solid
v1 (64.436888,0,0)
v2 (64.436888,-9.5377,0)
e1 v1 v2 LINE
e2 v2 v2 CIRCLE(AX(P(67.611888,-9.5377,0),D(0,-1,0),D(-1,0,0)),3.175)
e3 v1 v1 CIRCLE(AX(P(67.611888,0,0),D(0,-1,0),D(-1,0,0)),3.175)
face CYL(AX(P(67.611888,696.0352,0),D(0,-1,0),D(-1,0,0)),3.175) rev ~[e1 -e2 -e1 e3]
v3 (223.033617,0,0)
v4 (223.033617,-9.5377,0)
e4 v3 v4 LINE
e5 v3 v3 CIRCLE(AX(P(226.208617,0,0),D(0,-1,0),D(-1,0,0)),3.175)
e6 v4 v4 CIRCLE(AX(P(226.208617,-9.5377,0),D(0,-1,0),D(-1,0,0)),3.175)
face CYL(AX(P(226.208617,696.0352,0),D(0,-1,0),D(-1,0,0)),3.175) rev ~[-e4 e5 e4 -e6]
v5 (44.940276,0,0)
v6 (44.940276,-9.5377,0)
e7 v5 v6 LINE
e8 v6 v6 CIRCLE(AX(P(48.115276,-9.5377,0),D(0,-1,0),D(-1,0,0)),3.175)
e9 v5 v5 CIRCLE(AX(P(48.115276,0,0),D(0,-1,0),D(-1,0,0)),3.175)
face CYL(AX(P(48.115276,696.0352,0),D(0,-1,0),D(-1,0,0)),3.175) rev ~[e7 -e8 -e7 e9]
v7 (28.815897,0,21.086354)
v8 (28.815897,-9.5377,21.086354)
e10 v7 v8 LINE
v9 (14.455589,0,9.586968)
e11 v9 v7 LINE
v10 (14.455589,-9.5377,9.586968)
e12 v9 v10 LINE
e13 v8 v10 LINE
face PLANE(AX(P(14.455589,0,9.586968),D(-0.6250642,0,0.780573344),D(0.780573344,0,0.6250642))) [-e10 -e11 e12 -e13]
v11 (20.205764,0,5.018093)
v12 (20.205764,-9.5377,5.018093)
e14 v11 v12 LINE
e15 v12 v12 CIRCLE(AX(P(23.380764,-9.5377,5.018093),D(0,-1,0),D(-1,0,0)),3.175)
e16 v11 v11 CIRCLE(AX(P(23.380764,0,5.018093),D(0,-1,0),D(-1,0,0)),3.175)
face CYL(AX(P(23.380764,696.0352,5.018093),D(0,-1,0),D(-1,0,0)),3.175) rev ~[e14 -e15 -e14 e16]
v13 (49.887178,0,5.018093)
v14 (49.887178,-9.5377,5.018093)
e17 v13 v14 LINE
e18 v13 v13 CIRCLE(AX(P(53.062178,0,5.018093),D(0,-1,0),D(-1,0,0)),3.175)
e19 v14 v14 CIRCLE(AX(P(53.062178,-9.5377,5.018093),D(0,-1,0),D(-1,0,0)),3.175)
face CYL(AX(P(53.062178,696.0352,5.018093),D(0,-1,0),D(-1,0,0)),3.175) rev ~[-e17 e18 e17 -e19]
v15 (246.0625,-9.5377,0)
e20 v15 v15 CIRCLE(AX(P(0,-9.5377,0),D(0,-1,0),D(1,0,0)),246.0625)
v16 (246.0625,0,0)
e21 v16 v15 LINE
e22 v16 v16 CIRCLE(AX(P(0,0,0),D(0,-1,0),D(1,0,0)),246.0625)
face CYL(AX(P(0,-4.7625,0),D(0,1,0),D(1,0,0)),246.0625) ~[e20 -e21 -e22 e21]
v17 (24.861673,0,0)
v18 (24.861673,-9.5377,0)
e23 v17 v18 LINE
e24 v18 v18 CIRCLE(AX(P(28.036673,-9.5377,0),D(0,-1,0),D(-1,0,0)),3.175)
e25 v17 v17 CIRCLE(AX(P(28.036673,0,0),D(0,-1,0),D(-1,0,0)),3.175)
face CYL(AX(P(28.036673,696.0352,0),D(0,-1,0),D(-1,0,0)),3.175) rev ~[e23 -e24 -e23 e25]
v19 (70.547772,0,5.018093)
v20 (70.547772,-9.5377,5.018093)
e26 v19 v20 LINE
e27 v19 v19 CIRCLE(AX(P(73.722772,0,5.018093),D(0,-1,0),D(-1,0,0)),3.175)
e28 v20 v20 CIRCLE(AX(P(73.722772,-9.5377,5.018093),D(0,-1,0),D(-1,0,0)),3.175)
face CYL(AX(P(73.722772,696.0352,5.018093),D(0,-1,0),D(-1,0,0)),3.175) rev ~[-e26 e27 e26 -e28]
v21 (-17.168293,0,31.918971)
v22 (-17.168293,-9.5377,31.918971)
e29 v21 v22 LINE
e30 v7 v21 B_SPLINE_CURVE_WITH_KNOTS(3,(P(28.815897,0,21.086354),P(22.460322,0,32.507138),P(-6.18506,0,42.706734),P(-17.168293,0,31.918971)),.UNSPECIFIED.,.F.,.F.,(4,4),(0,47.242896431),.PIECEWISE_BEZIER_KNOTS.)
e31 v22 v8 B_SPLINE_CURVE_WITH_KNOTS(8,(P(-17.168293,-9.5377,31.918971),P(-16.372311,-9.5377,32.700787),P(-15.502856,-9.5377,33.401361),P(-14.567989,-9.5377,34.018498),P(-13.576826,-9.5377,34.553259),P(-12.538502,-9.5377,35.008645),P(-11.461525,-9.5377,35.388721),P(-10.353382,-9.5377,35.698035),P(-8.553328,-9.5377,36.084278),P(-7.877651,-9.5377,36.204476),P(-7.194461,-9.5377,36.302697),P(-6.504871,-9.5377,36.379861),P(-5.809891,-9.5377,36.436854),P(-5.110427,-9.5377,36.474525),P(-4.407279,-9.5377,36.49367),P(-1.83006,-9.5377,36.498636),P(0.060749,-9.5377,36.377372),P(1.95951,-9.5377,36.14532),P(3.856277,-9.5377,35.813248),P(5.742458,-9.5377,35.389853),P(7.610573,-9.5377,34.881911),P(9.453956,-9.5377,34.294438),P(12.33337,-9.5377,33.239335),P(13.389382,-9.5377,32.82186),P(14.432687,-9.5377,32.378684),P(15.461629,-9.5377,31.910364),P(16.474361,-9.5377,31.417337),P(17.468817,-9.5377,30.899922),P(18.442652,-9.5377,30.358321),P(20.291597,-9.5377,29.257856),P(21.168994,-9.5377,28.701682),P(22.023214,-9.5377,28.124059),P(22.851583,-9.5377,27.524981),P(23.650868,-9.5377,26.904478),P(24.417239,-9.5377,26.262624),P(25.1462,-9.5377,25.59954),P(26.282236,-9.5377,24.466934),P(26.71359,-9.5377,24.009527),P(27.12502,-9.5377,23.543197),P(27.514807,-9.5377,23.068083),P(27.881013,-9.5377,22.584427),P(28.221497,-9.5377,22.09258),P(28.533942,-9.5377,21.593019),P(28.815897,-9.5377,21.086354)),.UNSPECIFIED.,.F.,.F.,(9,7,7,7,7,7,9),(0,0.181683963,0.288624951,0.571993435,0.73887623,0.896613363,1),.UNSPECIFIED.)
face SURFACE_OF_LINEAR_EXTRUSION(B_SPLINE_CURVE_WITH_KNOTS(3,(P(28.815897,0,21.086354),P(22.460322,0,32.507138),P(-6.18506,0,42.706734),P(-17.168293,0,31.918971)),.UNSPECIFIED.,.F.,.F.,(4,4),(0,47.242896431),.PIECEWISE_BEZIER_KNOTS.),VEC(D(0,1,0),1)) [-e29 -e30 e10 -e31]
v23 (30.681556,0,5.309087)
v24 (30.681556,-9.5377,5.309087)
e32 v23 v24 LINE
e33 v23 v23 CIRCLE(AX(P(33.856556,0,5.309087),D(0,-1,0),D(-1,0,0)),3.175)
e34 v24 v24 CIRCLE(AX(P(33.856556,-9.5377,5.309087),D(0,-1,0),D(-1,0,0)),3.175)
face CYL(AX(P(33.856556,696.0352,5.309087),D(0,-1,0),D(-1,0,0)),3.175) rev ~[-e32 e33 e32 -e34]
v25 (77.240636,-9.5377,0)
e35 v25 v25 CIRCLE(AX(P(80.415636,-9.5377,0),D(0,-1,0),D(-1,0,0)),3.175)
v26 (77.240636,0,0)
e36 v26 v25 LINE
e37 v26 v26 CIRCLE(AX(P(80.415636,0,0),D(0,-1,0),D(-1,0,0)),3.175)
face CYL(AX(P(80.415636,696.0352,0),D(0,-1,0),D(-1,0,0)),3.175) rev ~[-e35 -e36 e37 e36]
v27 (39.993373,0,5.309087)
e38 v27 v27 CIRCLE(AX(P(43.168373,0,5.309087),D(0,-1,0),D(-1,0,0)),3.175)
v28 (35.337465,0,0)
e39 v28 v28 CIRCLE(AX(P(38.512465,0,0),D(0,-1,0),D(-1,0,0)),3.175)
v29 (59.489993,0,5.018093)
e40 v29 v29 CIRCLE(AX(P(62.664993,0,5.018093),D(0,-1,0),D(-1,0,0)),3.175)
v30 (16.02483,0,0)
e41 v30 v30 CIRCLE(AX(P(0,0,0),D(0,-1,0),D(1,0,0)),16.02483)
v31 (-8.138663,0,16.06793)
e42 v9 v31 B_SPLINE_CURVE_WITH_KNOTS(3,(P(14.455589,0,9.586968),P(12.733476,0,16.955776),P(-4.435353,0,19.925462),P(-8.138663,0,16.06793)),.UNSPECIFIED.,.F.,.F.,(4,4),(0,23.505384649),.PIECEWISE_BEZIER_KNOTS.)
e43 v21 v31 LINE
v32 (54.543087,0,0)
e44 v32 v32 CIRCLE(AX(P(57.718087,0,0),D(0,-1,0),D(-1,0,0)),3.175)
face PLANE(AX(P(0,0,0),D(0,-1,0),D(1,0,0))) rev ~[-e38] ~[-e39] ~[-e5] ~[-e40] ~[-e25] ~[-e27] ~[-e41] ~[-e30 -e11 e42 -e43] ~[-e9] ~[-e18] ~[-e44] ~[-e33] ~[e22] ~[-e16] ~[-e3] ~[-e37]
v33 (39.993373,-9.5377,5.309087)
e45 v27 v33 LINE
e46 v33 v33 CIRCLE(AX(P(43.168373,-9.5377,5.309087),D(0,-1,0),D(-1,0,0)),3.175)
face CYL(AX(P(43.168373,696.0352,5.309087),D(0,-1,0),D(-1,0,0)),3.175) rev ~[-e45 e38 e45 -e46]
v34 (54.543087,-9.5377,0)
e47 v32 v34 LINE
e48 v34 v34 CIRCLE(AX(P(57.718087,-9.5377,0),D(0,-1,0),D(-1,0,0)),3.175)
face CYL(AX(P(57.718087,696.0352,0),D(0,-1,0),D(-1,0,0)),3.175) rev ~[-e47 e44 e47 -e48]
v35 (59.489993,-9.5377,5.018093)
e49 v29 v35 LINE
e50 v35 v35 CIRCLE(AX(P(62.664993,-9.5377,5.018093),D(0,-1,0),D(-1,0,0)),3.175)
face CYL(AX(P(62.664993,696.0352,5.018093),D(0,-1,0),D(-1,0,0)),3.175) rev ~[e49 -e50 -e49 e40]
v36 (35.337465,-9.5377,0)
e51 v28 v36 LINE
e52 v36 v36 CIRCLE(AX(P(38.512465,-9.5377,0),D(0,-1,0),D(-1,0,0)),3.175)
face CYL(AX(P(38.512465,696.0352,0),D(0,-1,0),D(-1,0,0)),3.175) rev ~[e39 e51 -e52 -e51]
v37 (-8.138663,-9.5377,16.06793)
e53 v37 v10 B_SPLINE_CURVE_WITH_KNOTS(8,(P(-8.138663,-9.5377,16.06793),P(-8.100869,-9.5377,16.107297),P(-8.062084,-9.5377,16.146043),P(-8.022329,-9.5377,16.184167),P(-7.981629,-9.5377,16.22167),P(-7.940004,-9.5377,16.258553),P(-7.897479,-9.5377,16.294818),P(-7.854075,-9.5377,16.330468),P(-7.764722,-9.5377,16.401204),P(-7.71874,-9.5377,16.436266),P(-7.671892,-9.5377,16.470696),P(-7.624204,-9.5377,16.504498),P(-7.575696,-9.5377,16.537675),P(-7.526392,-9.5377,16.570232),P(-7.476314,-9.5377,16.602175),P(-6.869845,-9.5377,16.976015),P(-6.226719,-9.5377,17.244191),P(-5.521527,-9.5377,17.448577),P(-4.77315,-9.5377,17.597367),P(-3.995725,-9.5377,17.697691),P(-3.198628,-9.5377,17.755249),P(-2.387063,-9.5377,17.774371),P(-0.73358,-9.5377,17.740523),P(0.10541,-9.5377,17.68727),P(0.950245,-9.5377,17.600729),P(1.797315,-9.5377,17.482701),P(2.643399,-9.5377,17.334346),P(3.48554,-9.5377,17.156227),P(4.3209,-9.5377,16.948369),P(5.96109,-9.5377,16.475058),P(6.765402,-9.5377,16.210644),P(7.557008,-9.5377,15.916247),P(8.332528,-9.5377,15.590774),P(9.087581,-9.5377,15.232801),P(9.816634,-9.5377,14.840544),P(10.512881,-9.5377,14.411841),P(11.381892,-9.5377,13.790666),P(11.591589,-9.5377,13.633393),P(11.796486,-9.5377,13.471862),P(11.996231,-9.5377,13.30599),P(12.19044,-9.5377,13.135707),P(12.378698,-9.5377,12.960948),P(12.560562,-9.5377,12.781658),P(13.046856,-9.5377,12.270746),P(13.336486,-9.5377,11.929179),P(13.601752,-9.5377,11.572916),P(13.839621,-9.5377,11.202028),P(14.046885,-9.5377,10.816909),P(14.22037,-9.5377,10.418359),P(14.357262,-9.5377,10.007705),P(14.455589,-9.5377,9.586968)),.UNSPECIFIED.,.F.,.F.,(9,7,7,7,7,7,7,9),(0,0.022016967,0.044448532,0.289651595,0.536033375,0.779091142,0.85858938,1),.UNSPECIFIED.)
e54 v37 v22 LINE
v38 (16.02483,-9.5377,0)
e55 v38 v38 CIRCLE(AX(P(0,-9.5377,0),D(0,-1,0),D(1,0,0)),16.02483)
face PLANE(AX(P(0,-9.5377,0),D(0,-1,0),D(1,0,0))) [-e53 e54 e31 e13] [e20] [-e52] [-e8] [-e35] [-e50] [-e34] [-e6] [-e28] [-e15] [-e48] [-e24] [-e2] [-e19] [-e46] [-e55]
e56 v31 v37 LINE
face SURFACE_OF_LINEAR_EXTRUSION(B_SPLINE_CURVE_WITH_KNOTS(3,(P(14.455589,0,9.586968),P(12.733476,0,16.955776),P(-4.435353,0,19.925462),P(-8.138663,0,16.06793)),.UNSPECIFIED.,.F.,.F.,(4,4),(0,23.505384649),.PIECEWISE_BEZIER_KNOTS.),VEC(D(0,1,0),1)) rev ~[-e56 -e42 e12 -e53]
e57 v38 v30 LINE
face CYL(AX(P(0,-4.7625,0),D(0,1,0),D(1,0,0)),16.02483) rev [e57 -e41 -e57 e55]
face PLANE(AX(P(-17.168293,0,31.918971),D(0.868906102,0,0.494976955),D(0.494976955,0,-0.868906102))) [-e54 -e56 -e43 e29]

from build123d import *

# Parameters (mm, degrees)
F0_R     = 246.0625
F0_R_2   = 16.0248299709
F1_DEPTH = 4.7625
F2_DEPTH = 4.7752
F4_D     = 6.35
F6_DEPTH = 9.5387
F8_D     = 6.35


with BuildPart() as f1:
    # F0 (on Front) → F1 (new body)
    with BuildSketch(Plane.XZ):
        Circle(F0_R)
        Circle(F0_R_2, mode=Mode.SUBTRACT)
    extrude(amount=F1_DEPTH)

    # F2 (add): a face of the model
    f2_faces = [f1.faces().sort_by_distance(p)[0] for p in [
        (-239.1028015062, -4.7625, 0),
    ]]
    extrude(f2_faces, amount=F2_DEPTH)

    # F4 (through all)
    with Locations(Plane(origin=(0, 0, 0), x_dir=(1, 0, 0), z_dir=(0, 1, 0))):
        with Locations((23.3807638288, -5.0180926919), (28.036672622, 0), (33.8565558195, -5.3090867586), (38.5124646127, 0), (43.1683734059, -5.3090867586), (48.1152758002, 0), (57.7180869877, 0), (62.6649931073, -5.0180926919), (67.611888051, 0), (73.7227723002, -5.0180926919), (53.0621781945, -5.0180926919), (80.415636301, 0)):
            Hole(F4_D / 2)

    # F5 (on Front) → F6 (cut, through all)
    with BuildSketch(Plane.XZ):
        with BuildLine():
            add(Edge.make_bspline(
                [(14.4555894658, 9.5869684592), (12.7334762365, 16.9557761401), (-4.4353525154, 19.925462082), (-8.1386631355, 16.0679295659)],
                knots=[0, 0, 0, 0, 23.5053846486, 23.5053846486, 23.5053846486, 23.5053846486], degree=3))
            Line((14.4555894658, 9.5869684592), (28.8158967792, 21.0863542243))
            add(Edge.make_bspline(
                [(28.8158967792, 21.0863542243), (22.4603216629, 32.5071383268), (-6.1850600177, 42.7067335695), (-17.1682926589, 31.9189709392)],
                knots=[0, 0, 0, 0, 47.2428964307, 47.2428964307, 47.2428964307, 47.2428964307], degree=3))
            Line((-17.1682926589, 31.9189709392), (-8.1386631355, 16.0679295659))
        make_face()
    extrude(amount=F6_DEPTH, mode=Mode.SUBTRACT)

    # F8 (through all)
    with Locations(Plane(origin=(0, 0, 0), x_dir=(1, 0, 0), z_dir=(0, 1, 0))):
        with Locations((226.2086173164, 0)):
            Hole(F8_D / 2)


solid = f1.part
